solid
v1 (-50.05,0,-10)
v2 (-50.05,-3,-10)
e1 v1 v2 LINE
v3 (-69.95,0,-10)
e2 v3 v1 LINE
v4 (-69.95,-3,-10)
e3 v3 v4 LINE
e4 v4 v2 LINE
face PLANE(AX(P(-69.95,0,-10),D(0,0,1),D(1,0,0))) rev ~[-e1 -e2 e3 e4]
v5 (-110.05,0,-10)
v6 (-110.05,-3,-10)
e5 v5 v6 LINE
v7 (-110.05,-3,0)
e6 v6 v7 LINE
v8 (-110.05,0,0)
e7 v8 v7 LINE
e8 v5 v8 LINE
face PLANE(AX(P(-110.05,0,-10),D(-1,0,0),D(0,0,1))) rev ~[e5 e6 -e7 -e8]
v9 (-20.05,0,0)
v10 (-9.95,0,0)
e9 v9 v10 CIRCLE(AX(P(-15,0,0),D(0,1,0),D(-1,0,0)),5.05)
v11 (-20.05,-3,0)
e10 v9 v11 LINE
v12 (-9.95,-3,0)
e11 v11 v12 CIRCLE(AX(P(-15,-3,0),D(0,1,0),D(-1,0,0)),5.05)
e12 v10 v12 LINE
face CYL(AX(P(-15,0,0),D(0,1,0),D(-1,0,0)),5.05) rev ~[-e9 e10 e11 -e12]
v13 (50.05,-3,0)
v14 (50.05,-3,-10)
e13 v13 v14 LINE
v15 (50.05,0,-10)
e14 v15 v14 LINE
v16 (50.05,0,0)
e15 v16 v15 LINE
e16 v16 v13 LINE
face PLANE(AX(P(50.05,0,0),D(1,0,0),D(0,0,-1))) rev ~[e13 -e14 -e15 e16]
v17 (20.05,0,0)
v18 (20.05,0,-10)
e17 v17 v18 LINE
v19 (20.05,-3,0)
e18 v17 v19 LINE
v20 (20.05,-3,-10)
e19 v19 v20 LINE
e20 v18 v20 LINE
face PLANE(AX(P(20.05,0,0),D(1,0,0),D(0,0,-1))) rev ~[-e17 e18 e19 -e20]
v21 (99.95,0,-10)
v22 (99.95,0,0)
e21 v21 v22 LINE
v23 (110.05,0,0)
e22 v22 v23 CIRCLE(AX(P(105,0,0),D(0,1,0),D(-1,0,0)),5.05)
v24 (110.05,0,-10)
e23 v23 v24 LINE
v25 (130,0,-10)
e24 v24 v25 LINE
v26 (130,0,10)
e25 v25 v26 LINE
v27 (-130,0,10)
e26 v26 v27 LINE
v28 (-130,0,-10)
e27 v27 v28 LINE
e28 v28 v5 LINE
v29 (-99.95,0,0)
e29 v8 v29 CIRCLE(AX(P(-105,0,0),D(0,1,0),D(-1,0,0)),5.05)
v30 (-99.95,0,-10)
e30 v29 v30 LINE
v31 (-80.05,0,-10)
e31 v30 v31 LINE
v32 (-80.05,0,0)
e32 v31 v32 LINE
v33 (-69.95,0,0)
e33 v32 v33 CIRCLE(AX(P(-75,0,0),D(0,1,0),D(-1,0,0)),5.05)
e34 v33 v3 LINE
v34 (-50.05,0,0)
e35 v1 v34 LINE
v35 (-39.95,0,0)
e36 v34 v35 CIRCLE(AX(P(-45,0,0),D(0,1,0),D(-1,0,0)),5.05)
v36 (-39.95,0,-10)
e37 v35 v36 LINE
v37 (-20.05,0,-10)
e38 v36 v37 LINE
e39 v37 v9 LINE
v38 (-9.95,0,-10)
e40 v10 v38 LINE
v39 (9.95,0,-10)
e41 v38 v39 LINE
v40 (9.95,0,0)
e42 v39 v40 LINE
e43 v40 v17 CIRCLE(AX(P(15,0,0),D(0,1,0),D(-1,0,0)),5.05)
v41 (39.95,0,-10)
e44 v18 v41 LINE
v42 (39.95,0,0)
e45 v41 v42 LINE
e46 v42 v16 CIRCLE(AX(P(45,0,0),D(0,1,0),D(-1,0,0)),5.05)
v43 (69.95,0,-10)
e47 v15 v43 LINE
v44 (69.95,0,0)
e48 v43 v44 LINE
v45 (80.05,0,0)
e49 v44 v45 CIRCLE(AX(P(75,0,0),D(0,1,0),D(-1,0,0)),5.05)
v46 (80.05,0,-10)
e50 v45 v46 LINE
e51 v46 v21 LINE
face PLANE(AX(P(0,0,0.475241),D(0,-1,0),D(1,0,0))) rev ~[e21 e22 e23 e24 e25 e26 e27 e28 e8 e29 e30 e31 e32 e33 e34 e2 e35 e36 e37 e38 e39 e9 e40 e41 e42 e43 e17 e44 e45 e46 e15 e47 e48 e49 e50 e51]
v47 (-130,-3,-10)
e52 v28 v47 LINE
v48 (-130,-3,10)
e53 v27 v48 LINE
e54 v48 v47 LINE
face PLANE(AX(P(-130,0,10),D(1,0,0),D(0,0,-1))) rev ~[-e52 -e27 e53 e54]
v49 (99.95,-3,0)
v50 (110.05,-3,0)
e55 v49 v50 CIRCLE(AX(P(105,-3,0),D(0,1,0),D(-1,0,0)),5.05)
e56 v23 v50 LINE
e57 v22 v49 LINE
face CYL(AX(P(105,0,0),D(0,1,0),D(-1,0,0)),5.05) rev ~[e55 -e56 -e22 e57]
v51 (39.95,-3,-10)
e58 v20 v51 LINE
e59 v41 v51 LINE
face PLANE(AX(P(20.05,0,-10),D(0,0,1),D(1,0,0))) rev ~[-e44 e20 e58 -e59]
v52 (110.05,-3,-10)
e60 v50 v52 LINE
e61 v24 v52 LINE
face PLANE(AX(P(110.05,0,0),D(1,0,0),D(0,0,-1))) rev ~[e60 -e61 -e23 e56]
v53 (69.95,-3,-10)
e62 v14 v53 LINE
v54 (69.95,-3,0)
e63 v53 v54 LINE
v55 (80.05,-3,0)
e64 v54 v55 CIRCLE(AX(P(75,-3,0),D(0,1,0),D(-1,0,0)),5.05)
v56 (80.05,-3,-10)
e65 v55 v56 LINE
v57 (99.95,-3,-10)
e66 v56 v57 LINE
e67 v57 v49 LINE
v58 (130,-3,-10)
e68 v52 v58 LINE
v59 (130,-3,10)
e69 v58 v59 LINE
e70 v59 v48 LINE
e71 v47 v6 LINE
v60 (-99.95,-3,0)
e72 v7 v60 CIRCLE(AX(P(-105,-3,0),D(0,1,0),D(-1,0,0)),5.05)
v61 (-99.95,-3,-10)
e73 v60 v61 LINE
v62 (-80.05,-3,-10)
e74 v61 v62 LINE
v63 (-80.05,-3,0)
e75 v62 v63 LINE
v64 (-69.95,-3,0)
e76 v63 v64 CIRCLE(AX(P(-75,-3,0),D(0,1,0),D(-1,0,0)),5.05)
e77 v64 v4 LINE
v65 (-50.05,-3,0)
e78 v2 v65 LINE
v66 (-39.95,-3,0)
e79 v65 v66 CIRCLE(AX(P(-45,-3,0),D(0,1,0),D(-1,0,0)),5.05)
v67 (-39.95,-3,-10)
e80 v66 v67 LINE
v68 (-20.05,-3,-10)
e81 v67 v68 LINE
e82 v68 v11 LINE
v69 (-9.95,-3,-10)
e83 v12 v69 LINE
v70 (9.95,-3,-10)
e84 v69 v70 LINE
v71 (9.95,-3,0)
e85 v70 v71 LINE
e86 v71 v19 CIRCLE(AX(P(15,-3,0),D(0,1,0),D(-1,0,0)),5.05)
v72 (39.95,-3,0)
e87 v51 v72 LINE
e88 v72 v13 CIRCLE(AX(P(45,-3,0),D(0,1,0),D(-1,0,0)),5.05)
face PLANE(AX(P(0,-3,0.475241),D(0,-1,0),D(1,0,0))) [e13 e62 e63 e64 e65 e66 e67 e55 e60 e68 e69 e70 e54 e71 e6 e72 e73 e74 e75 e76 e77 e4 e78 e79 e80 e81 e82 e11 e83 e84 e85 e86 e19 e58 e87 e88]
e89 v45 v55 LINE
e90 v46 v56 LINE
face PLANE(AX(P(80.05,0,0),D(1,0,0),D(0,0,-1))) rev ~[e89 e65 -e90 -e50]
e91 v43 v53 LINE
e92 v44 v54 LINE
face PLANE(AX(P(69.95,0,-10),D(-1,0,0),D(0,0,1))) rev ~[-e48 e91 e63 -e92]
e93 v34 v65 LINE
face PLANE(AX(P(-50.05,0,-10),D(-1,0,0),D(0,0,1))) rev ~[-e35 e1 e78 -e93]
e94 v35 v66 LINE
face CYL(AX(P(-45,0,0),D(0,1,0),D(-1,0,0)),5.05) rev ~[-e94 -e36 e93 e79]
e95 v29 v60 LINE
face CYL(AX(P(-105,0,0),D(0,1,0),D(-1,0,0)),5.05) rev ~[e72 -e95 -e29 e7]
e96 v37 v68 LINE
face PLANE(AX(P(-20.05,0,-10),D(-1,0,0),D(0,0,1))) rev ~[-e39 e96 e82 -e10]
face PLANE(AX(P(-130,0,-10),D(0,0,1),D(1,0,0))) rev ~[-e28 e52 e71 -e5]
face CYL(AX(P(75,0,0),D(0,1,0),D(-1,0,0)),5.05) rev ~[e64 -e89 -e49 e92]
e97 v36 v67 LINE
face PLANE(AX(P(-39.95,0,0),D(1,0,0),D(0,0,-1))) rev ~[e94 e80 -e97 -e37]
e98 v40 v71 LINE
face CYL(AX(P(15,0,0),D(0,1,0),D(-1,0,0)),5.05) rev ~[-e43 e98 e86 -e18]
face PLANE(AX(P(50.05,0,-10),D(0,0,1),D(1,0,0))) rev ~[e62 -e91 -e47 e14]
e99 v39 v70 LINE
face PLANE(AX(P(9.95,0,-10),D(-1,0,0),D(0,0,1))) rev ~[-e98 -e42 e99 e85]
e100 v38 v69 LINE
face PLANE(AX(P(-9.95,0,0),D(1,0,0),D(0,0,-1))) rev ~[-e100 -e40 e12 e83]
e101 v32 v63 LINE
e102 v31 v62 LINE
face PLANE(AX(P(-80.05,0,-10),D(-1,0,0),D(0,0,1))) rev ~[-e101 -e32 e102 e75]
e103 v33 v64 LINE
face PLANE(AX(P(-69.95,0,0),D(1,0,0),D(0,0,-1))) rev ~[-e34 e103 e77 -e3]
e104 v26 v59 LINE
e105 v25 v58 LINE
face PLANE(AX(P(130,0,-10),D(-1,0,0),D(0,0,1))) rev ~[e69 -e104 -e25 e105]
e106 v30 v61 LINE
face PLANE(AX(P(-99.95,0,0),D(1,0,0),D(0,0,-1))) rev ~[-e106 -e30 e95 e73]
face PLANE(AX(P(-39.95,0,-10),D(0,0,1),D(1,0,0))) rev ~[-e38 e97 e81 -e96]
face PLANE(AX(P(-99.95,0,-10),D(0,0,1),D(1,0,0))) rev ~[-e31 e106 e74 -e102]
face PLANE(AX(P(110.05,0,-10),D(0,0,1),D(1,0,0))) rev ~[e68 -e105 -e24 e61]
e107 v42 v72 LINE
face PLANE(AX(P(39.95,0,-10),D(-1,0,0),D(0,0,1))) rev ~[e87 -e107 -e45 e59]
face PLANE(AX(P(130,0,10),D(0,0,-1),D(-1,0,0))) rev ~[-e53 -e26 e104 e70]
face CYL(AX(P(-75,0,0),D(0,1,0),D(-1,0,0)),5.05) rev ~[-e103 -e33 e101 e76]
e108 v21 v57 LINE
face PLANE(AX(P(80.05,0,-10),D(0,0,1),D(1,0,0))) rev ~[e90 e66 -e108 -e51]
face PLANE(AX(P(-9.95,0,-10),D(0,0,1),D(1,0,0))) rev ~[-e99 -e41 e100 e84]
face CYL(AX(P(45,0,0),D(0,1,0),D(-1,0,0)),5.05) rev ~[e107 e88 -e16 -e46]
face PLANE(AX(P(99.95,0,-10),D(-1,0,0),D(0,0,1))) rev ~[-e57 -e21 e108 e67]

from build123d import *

# Parameters (mm, degrees)
F1_DEPTH = 3


with BuildPart() as f1:
    # F0 (on Front) → F1 (new body)
    with BuildSketch(Plane.XZ):
        with BuildLine():
            Line((130, -10), (130, 10))
            Line((130, 10), (-130, 10))
            Line((-130, 10), (-130, -10))
            Line((-130, -10), (-110.05, -10))
            Line((-110.05, -10), (-110.05, 0))
            ThreePointArc((-110.05, 0), (-105, 5.05), (-99.95, 0))
            Line((-99.95, 0), (-99.95, -10))
            Line((-99.95, -10), (-80.05, -10))
            Line((-80.05, -10), (-80.05, 0))
            ThreePointArc((-80.05, 0), (-75, 5.05), (-69.95, 0))
            Line((-69.95, 0), (-69.95, -10))
            Line((-69.95, -10), (-50.05, -10))
            Line((-50.05, -10), (-50.05, 0))
            ThreePointArc((-50.05, 0), (-45, 5.05), (-39.95, 0))
            Line((-39.95, 0), (-39.95, -10))
            Line((-39.95, -10), (-20.05, -10))
            Line((-20.05, -10), (-20.05, 0))
            ThreePointArc((-20.05, 0), (-15, 5.05), (-9.95, 0))
            Line((-9.95, 0), (-9.95, -10))
            Line((-9.95, -10), (9.95, -10))
            Line((9.95, -10), (9.95, 0))
            ThreePointArc((9.95, 0), (15, 5.05), (20.05, 0))
            Line((20.05, 0), (20.05, -10))
            Line((20.05, -10), (39.95, -10))
            Line((39.95, -10), (39.95, 0))
            ThreePointArc((39.95, 0), (45, 5.05), (50.05, 0))
            Line((50.05, 0), (50.05, -10))
            Line((50.05, -10), (69.95, -10))
            Line((69.95, -10), (69.95, 0))
            ThreePointArc((69.95, 0), (75, 5.05), (80.05, 0))
            Line((80.05, 0), (80.05, -10))
            Line((80.05, -10), (99.95, -10))
            Line((99.95, -10), (99.95, 0))
            ThreePointArc((99.95, 0), (105, 5.05), (110.05, 0))
            Line((110.05, 0), (110.05, -10))
            Line((110.05, -10), (130, -10))
        make_face()
    extrude(amount=F1_DEPTH)


solid = f1.part
